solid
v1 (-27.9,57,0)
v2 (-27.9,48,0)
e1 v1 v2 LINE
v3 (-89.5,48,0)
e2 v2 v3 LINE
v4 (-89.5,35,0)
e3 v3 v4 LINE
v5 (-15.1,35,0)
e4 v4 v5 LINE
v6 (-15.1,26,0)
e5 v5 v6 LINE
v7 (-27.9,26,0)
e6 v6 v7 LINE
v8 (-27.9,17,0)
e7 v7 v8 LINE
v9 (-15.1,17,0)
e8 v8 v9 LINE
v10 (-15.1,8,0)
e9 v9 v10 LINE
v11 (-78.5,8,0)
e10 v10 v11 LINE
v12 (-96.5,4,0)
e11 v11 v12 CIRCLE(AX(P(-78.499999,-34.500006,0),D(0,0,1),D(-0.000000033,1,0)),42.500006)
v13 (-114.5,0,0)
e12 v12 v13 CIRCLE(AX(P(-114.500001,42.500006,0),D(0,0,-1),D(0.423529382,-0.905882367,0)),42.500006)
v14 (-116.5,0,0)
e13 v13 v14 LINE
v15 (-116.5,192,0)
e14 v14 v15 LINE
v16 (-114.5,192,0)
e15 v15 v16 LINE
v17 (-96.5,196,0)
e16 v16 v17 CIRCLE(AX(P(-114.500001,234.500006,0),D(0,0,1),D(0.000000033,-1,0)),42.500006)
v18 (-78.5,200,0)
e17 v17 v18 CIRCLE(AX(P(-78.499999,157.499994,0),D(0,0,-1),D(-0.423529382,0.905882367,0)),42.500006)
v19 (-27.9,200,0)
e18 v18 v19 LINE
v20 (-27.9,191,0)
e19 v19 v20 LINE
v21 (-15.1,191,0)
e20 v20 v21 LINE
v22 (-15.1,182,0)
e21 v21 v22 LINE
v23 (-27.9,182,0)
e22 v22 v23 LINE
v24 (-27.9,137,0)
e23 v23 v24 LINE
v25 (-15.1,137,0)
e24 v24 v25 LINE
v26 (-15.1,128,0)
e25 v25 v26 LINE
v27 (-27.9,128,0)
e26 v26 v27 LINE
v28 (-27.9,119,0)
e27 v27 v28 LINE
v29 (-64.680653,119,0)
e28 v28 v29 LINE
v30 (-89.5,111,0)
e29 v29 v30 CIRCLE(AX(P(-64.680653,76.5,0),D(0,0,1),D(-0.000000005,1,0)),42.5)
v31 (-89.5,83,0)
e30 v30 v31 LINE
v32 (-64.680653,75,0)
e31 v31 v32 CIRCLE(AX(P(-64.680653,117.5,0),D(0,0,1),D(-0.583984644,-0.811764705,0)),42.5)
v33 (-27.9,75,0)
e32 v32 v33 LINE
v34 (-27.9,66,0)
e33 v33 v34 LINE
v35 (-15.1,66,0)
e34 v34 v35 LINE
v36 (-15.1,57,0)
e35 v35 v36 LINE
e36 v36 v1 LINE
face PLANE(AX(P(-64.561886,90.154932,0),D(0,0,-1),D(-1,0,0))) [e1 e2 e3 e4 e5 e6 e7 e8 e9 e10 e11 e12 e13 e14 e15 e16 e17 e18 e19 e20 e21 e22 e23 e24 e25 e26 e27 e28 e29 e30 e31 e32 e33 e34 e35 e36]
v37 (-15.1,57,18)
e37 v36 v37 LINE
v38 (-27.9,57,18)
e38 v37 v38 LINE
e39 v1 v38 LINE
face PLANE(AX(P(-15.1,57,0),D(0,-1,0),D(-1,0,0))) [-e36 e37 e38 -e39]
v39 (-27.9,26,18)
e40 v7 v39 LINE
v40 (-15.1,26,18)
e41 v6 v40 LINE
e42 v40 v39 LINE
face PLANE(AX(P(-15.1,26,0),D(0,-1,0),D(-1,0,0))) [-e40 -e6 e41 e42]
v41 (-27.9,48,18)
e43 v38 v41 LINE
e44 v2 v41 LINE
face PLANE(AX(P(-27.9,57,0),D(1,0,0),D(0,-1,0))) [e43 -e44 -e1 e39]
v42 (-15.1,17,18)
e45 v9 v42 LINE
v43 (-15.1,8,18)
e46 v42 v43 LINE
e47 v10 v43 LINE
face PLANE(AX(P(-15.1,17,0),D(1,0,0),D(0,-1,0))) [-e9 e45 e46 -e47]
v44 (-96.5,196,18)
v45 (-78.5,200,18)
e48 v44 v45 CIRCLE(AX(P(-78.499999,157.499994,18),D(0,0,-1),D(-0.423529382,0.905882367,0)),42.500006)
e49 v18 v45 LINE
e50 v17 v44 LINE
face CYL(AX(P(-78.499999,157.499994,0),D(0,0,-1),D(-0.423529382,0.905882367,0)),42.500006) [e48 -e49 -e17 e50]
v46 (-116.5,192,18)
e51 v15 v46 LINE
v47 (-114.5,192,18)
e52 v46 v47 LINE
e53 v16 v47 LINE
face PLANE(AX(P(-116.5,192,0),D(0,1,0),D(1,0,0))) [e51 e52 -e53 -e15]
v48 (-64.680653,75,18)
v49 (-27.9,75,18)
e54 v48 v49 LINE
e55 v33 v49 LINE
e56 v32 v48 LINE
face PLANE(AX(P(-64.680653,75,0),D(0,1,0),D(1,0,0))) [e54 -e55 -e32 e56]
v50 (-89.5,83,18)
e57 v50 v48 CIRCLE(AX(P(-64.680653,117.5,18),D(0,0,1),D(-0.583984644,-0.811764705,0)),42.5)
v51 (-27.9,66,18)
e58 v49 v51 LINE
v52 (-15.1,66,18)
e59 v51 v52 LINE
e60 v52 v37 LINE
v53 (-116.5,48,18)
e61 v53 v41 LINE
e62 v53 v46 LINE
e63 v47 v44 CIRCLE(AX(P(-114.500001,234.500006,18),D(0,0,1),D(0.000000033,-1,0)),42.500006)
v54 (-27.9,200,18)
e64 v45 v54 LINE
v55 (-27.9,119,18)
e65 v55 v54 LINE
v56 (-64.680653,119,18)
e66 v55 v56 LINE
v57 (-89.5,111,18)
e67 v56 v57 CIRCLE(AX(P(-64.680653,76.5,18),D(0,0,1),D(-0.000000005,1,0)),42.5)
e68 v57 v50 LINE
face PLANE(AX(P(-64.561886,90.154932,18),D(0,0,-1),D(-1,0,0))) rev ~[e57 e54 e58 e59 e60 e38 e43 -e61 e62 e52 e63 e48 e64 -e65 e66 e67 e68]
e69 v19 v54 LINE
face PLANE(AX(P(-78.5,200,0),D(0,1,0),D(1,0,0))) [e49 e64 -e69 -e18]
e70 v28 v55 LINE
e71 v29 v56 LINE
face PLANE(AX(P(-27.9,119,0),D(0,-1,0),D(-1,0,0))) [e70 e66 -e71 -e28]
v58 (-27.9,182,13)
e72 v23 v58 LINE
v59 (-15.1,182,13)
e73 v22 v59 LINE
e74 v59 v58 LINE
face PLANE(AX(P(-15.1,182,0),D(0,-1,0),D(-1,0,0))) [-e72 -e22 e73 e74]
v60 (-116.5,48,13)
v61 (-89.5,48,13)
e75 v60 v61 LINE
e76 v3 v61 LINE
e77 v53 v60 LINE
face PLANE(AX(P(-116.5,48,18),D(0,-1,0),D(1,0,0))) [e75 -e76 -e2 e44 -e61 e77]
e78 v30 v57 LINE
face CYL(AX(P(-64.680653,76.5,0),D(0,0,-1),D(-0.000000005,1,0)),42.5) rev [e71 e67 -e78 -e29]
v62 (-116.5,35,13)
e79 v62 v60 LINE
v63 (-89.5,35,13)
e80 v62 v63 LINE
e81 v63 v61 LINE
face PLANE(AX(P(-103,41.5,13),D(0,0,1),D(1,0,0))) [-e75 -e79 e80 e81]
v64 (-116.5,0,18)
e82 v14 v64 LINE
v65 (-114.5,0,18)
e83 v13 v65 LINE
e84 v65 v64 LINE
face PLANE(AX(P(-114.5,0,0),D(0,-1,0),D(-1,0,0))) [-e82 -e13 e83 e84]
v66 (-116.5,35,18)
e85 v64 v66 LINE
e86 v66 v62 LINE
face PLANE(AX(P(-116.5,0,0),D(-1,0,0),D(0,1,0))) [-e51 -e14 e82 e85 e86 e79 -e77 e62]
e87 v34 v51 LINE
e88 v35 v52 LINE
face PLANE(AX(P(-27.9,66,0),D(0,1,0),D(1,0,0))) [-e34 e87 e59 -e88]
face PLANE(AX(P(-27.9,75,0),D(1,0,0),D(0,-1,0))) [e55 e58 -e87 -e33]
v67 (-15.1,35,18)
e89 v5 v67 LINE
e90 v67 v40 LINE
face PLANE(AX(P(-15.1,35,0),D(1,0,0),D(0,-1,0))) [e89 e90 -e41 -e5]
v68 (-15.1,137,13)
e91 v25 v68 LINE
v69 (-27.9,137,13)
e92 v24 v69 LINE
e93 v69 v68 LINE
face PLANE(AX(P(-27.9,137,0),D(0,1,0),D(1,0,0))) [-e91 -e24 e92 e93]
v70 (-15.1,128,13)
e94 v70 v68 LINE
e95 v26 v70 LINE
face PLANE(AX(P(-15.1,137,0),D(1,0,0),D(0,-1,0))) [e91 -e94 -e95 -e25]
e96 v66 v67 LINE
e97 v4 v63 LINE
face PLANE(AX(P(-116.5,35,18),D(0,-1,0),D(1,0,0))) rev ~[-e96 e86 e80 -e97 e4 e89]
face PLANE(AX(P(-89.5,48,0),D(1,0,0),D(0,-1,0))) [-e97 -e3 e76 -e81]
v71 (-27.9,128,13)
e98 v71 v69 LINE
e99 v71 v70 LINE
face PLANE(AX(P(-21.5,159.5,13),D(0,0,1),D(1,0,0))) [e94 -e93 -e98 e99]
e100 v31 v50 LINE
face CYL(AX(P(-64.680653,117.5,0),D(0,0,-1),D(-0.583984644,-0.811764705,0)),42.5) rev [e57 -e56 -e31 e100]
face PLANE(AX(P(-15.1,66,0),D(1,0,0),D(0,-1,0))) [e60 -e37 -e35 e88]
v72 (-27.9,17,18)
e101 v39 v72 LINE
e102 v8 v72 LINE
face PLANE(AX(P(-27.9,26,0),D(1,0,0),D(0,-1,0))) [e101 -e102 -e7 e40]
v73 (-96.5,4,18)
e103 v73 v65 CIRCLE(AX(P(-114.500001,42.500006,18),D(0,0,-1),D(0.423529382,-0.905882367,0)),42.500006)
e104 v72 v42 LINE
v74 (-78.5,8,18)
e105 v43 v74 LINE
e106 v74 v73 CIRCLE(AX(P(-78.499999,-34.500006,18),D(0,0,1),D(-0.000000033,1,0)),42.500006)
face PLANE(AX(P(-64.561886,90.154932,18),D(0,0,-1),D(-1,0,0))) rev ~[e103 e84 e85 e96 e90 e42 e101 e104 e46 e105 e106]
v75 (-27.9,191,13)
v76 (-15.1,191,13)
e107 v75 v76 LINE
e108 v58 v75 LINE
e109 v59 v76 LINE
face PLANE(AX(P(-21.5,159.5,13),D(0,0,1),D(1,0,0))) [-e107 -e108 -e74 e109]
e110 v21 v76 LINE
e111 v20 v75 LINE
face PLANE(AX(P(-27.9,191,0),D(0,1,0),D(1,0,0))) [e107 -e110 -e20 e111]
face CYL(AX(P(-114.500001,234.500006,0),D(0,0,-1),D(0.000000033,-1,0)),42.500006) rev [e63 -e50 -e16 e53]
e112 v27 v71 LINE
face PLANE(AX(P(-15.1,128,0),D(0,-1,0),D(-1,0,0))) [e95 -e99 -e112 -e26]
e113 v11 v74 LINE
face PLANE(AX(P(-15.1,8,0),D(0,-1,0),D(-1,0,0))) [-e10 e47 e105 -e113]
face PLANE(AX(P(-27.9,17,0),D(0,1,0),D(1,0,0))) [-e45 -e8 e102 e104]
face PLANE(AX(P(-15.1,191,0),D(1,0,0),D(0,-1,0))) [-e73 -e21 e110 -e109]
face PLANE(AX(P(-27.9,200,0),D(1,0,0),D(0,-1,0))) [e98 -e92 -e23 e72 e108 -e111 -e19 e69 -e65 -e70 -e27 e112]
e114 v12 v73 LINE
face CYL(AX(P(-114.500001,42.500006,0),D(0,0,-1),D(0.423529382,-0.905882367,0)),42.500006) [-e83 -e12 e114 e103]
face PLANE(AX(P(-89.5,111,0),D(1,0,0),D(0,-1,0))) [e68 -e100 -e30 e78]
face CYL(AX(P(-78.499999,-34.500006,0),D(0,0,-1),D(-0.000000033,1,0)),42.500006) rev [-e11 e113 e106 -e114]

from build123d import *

# Parameters (mm, degrees)
PAD001_DEPTH             = 18
SKETCH008_W              = 12.8
SKETCH008_H              = 63
POCKET003_DEPTH          = 5
SKETCH009_W              = 27
SKETCH009_H              = 13
POCKET004_DEPTH          = 5
CLONE005_PITCH_ANGLE     = -90
CLONE005_PLACEMENT_ANGLE = -90


with BuildPart() as part:
    # Clone2D001 → Pad001 (new body)
    with BuildSketch(Plane.YZ):
        with BuildLine():
            Line((-95, 192), (-93, 192))
            ThreePointArc((-93, 192), (-83.780456, 193.01205), (-75, 196))
            ThreePointArc((-75, 196), (-66.219544, 198.98795), (-57, 200))
            Line((-57, 200), (-6.4, 200))
            Line((-6.4, 200), (-6.4, 191))
            Line((-6.4, 191), (6.4, 191))
            Line((6.4, 191), (6.4, 182))
            Line((6.4, 182), (-6.4, 182))
            Line((-6.4, 182), (-6.4, 137))
            Line((-6.4, 137), (6.4, 137))
            Line((6.4, 137), (6.4, 128))
            Line((6.4, 128), (-6.4, 128))
            Line((-6.4, 128), (-6.4, 119))
            Line((-6.4, 119), (-43.180653, 119))
            ThreePointArc((-43.180653, 119), (-56.219058, 116.950587), (-68, 111))
            Line((-68, 111), (-68, 83))
            ThreePointArc((-68, 83), (-56.219058, 77.049413), (-43.180653, 75))
            Line((-43.180653, 75), (-6.4, 75))
            Line((-6.4, 75), (-6.4, 66))
            Line((-6.4, 66), (6.4, 66))
            Line((6.4, 66), (6.4, 57))
            Line((6.4, 57), (-6.4, 57))
            Line((-6.4, 57), (-6.4, 48))
            Line((-6.4, 48), (-68, 48))
            Line((-68, 48), (-68, 35))
            Line((-68, 35), (6.4, 35))
            Line((6.4, 35), (6.4, 26))
            Line((6.4, 26), (-6.4, 26))
            Line((-6.4, 26), (-6.4, 17))
            Line((-6.4, 17), (6.4, 17))
            Line((6.4, 17), (6.4, 8))
            Line((6.4, 8), (-57, 8))
            ThreePointArc((-57, 8), (-66.219544, 6.98795), (-75, 4))
            ThreePointArc((-75, 4), (-83.780456, 1.01205), (-93, 0))
            Line((-93, 0), (-95, 0))
            Line((-95, 0), (-95, 192))
        make_face()
    extrude(amount=PAD001_DEPTH)

    # Sketch008 (on Face38 of Pad001) → Pocket003 (cut)
    with BuildSketch(Plane.YZ.offset(18)):
        with Locations((0, 159.5)):
            Rectangle(SKETCH008_W, SKETCH008_H)
    extrude(amount=-POCKET003_DEPTH, mode=Mode.SUBTRACT)

    # Sketch009 (on Face5 of Pocket003) → Pocket004 (cut)
    with BuildSketch(Plane.YZ.offset(18)):
        with Locations((-81.5, 41.5)):
            Rectangle(SKETCH009_W, SKETCH009_H)
    extrude(amount=-POCKET004_DEPTH, mode=Mode.SUBTRACT)


with BuildPart() as part_1:
    # Clone005 pitch: moved
    add(part.part.rotate(Axis((0, 0, 0), (0, 1, 0)), CLONE005_PITCH_ANGLE))


with BuildPart() as part_2:
    # Clone005 placement: moved
    add(part_1.part.moved(Location((-21.5, 0, 0))).rotate(Axis((-21.5, 0, 0), (0, 0, 1)), CLONE005_PLACEMENT_ANGLE))


solid = part_2.part
